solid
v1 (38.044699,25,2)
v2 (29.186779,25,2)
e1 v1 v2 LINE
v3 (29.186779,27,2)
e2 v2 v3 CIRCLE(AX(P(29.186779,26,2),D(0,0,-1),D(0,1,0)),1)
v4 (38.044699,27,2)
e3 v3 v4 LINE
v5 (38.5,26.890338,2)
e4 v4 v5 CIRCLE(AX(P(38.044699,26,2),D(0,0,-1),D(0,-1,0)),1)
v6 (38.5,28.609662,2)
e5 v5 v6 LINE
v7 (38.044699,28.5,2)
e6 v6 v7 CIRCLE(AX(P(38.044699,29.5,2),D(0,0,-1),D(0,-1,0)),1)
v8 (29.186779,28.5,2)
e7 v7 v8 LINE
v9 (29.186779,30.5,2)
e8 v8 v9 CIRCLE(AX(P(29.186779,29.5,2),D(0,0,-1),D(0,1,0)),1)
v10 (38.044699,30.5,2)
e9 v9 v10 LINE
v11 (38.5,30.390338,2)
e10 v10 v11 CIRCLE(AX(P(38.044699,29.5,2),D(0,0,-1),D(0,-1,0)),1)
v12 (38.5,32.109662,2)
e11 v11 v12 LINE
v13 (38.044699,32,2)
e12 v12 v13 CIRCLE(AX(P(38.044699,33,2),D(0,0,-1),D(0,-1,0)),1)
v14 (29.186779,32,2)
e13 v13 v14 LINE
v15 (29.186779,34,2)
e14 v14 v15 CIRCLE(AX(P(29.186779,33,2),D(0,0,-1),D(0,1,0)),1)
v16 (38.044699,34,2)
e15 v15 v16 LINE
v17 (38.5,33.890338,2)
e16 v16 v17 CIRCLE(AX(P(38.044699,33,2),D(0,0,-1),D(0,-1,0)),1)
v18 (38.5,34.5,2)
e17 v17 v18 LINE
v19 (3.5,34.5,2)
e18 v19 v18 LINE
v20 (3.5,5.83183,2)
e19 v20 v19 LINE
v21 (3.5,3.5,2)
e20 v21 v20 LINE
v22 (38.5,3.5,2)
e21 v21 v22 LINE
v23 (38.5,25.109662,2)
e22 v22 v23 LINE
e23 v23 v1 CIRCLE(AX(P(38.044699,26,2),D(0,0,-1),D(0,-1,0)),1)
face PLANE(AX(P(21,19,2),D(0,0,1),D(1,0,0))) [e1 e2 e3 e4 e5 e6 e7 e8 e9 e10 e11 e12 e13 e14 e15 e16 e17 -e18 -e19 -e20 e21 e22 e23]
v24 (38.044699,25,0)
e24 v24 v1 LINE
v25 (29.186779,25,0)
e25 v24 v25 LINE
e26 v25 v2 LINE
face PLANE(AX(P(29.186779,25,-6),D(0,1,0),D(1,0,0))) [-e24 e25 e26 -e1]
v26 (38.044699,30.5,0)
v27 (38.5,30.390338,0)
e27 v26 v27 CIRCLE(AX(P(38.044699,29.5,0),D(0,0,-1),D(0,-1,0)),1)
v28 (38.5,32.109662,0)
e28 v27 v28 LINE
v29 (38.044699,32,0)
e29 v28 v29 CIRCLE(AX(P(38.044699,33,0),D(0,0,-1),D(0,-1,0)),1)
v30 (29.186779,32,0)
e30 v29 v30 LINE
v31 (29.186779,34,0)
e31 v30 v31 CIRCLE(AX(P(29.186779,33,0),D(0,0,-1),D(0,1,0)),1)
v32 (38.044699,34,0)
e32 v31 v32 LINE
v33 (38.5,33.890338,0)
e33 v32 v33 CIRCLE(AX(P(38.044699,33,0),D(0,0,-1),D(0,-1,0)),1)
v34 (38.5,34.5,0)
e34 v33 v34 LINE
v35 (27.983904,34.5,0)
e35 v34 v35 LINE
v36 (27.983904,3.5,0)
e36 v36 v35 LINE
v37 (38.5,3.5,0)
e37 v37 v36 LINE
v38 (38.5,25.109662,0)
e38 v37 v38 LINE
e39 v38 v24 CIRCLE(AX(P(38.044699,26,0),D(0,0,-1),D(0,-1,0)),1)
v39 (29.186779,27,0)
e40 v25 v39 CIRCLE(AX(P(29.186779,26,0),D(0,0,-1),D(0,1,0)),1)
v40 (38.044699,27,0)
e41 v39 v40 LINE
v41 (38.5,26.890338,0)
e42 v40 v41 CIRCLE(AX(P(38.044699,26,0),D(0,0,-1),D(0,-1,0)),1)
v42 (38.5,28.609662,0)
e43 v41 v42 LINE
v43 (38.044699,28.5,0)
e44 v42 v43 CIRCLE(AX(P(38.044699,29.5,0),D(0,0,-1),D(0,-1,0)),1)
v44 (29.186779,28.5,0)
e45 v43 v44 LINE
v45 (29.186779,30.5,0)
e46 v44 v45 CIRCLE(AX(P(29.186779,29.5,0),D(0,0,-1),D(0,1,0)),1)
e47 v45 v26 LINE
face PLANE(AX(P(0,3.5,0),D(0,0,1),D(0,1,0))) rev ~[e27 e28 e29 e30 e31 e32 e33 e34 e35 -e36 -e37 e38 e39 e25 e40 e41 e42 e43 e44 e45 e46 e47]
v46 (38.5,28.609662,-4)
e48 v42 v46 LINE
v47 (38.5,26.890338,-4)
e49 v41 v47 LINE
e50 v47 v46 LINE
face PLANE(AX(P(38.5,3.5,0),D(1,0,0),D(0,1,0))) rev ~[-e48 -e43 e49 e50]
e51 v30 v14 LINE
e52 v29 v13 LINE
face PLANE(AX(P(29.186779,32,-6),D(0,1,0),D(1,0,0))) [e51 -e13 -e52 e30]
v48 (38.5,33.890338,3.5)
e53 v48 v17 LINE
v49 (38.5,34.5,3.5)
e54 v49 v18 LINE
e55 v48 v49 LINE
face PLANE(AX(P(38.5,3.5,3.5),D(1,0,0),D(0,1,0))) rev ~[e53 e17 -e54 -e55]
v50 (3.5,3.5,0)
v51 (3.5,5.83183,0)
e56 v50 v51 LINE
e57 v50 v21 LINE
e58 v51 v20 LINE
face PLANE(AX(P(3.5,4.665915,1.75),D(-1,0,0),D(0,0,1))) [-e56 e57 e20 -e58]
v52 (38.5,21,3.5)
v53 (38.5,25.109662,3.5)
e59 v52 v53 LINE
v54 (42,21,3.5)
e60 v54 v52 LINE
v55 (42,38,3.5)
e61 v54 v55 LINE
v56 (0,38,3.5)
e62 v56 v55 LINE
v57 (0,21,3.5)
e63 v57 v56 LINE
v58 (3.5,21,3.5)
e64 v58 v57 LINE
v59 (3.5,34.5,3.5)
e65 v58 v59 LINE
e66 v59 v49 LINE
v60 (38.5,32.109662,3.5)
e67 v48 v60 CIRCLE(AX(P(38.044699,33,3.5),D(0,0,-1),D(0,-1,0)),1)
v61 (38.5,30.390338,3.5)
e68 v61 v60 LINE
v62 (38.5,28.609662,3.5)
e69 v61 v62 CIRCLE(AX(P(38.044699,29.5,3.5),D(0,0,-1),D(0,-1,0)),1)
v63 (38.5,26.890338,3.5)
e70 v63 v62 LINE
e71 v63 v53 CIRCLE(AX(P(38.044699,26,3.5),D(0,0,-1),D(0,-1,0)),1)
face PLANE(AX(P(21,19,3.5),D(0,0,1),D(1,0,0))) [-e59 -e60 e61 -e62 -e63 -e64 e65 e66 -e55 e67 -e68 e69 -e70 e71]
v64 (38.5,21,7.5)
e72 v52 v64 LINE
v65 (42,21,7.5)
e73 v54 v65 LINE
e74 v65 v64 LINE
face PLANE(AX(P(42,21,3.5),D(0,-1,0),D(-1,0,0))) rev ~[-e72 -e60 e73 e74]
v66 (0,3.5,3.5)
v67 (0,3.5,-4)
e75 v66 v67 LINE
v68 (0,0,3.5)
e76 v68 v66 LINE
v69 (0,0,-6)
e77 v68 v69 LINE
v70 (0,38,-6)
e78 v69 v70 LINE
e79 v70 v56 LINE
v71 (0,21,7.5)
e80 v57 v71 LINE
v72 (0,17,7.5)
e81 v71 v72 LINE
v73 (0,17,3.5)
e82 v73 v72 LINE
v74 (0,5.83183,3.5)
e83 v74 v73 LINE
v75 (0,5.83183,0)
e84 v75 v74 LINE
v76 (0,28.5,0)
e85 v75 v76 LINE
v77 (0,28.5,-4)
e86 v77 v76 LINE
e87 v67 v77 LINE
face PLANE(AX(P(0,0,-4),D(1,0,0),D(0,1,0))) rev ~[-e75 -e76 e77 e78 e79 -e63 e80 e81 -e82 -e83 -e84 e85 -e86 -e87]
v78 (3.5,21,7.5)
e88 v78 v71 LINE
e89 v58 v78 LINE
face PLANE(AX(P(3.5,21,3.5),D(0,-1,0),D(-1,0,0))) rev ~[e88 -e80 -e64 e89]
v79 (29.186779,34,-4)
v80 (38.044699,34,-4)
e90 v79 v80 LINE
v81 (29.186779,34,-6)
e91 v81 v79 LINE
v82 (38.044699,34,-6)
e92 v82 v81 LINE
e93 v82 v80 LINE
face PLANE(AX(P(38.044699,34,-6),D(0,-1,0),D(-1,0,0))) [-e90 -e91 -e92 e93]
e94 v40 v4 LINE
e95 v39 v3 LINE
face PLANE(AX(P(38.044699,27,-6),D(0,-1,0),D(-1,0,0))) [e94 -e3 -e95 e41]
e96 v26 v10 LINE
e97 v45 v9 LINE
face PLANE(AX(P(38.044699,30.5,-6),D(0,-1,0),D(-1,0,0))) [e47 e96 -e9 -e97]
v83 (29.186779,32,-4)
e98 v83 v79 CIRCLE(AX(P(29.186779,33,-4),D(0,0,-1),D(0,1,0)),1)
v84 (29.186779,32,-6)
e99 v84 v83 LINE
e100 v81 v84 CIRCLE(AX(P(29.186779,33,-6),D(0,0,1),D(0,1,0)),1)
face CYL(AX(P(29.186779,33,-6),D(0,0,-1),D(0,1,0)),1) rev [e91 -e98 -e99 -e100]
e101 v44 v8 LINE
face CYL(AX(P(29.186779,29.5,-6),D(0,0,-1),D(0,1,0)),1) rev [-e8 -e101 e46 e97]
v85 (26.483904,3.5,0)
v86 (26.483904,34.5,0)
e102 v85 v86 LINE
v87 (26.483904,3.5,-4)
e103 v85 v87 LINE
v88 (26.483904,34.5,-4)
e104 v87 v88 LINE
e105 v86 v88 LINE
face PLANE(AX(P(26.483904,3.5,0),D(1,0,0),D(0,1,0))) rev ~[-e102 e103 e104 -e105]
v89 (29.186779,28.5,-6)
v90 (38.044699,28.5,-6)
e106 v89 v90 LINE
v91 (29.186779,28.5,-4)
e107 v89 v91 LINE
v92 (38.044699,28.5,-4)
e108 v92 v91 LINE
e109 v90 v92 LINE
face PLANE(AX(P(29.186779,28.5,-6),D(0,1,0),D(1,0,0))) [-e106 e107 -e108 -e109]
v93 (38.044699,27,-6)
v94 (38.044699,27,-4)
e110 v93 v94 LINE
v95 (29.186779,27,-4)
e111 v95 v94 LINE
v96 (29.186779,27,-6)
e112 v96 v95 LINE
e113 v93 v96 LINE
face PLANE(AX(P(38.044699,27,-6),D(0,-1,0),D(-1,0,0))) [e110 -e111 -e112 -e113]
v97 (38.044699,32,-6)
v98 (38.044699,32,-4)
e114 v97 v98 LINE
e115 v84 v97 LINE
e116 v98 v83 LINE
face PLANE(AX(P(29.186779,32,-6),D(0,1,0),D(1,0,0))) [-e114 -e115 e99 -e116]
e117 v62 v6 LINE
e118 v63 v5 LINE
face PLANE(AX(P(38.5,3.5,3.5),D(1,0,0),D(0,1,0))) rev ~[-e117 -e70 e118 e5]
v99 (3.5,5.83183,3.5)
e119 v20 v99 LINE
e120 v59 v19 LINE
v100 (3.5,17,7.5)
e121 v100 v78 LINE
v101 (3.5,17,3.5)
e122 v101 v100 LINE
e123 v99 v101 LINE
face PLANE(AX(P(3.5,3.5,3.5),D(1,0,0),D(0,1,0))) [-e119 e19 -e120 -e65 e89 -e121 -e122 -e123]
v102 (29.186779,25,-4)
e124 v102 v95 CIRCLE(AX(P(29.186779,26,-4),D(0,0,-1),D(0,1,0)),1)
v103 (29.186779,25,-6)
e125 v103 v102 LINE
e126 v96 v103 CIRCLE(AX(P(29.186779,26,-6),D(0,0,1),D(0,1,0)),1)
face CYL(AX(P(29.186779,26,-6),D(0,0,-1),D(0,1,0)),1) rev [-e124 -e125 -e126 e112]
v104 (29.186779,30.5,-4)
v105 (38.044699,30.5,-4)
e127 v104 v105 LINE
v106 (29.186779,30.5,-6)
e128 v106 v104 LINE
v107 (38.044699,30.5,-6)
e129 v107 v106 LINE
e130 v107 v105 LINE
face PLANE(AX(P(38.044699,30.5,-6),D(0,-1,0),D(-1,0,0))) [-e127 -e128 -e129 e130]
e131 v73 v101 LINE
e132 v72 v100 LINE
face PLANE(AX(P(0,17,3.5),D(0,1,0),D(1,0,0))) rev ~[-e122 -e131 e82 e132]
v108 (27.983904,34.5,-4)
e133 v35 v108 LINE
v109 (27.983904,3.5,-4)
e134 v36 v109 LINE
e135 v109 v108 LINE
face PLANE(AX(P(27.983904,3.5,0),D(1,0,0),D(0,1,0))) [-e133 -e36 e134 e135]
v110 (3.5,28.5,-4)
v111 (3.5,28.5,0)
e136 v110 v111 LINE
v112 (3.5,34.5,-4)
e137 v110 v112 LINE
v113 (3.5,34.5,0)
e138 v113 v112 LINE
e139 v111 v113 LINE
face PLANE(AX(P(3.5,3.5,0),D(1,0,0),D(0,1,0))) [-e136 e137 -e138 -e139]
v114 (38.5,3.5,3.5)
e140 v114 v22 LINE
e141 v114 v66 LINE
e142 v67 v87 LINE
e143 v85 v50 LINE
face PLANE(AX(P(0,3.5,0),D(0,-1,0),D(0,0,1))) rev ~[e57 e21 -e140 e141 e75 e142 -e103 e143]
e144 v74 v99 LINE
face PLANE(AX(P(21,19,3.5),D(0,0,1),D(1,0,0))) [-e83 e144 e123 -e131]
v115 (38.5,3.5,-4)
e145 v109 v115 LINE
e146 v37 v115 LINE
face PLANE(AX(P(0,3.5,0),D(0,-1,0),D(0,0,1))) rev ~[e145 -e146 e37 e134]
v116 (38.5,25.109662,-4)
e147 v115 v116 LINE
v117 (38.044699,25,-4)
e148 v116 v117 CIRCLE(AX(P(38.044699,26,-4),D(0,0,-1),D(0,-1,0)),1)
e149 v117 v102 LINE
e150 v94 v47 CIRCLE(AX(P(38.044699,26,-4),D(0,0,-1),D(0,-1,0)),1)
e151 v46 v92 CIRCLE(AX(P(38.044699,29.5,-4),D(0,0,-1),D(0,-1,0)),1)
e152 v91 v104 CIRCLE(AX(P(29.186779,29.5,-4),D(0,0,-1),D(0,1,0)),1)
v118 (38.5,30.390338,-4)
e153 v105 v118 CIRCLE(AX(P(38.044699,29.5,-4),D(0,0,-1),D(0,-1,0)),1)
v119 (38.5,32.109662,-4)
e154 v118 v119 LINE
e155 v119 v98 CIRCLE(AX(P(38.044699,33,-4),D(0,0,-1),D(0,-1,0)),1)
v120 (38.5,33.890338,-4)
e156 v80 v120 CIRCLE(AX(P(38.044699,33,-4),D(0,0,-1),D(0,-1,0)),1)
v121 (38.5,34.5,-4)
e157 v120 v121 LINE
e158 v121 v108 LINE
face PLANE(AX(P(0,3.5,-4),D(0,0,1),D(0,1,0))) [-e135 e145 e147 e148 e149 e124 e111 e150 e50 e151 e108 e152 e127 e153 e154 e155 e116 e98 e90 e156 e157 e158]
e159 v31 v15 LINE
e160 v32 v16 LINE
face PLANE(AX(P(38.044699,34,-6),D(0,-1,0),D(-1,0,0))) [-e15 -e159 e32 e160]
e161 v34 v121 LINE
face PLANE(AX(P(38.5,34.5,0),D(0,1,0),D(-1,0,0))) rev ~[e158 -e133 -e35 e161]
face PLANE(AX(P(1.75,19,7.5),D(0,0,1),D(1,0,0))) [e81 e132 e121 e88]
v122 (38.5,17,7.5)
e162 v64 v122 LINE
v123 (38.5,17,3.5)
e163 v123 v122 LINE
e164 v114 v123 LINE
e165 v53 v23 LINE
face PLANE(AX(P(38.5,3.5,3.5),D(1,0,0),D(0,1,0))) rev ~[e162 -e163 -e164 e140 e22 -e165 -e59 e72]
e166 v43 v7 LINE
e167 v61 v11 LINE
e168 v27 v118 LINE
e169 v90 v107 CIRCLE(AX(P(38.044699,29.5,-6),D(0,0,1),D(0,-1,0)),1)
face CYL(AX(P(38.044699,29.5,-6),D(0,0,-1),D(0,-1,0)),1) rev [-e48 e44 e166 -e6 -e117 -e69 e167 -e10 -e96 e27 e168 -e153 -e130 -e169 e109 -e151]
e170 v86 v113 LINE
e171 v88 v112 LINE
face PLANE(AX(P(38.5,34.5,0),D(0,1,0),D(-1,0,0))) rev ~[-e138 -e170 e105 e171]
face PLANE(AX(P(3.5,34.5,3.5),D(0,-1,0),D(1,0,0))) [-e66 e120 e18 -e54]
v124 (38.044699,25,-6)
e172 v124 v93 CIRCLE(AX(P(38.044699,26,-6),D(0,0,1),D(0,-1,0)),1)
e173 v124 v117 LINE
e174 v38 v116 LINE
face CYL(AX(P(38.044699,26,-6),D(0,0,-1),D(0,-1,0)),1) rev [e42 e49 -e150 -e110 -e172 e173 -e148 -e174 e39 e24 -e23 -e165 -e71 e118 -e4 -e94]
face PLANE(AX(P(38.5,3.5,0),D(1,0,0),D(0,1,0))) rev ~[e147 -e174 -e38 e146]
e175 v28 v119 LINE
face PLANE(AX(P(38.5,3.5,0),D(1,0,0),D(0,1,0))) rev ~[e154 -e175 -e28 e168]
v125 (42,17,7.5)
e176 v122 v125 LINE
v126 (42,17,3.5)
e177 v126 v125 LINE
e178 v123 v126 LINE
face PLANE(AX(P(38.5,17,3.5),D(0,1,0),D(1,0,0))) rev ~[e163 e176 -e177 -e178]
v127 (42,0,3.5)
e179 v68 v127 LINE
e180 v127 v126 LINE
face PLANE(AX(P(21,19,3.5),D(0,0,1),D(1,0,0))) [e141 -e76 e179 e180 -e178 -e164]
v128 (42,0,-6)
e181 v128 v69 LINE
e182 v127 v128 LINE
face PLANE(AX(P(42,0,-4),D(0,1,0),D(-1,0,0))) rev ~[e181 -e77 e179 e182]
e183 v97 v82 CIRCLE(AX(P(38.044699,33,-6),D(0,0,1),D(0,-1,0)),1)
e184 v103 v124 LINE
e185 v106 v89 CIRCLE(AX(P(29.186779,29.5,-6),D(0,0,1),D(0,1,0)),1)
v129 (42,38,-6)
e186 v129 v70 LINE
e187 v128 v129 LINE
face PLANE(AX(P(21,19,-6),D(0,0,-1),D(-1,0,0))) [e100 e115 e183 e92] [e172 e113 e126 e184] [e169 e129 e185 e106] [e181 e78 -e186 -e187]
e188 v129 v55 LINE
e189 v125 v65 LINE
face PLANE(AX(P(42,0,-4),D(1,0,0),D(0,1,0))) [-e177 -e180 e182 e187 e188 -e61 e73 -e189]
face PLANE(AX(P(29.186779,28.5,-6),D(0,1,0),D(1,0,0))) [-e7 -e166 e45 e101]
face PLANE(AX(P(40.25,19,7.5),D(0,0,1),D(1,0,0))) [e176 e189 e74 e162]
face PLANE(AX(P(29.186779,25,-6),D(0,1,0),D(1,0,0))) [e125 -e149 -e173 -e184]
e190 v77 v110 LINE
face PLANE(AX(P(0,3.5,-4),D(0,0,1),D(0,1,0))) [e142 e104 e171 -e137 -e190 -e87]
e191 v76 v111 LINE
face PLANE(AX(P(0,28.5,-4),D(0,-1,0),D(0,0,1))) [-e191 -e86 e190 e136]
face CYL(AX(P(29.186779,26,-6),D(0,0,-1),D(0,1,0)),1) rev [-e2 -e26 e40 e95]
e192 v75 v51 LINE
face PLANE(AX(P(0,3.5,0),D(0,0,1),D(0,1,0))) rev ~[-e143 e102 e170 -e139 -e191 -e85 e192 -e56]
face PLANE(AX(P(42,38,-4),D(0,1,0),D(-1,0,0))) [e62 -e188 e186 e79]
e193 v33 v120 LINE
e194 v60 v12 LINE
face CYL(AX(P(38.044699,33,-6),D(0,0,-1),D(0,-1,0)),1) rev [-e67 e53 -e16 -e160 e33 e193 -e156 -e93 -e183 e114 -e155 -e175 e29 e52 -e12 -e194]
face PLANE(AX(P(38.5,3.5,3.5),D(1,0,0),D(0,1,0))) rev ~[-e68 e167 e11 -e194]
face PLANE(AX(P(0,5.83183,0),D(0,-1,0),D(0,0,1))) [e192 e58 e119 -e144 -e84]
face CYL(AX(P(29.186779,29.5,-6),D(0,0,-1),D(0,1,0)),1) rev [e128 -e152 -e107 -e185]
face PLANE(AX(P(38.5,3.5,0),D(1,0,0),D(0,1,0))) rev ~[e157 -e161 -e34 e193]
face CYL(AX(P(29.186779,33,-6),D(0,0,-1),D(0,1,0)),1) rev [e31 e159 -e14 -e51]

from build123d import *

# Parameters (mm, degrees)
SKETCH_1_W          = 42
SKETCH_1_H          = 38
EXTRUDE_1_DEPTH     = 3.5
EXTRUDE_2_DEPTH     = 4
SKETCH_3_W          = 35
SKETCH_3_H          = 31
CUT_EXTRUDE_1_DEPTH = 1.5
SKETCH_4_W          = 42
SKETCH_4_H          = 38
SKETCH_4_W_2        = 35
SKETCH_4_H_2        = 31
EXTRUDE_3_DEPTH     = 4
SKETCH_6_W          = 42
SKETCH_6_H          = 38
EXTRUDE_4_DEPTH     = 2
SKETCH_7_W          = 4
SKETCH_7_H          = 25
CUT_EXTRUDE_2_DEPTH = 3.5
SKETCH_8_W          = 3.5
SKETCH_8_H          = 2.331830178
CUT_EXTRUDE_3_DEPTH = 3.5
CUT_EXTRUDE_4_DEPTH = 10
SKETCH_10_W         = 1.5
SKETCH_10_H         = 31
EXTRUDE_5_DEPTH     = 5


with BuildPart() as part:
    # 草图1 → 凸台-拉伸1 (new body)
    with BuildSketch(Plane.XY):
        with Locations((21, 19)):
            Rectangle(SKETCH_1_W, SKETCH_1_H)
    extrude(amount=EXTRUDE_1_DEPTH)

    # 草图2 → 凸台-拉伸2 (add)
    with BuildSketch(Plane.XY.offset(3.5)):
        Polygon((0, 21), (0, 19), (0, 17), (3.5, 17), (3.5, 21), align=None)
        Polygon((42, 17), (42, 19), (42, 21), (38.5, 21), (38.5, 17), align=None)
    extrude(amount=EXTRUDE_2_DEPTH)

    # 草图3 → 切除-拉伸1 (cut)
    with BuildSketch(Plane.XY.offset(3.5)):
        with Locations((21, 19)):
            Rectangle(SKETCH_3_W, SKETCH_3_H)
    extrude(amount=-CUT_EXTRUDE_1_DEPTH, mode=Mode.SUBTRACT)

    # 草图4 → 凸台-拉伸3 (add)
    with BuildSketch(Plane(origin=(0, 0, 0), x_dir=(-1, 0, 0), z_dir=(0, 0, -1))):
        with Locations((-21, 19)):
            Rectangle(SKETCH_4_W, SKETCH_4_H)
        with Locations((-21, 19)):
            Rectangle(SKETCH_4_W_2, SKETCH_4_H_2, mode=Mode.SUBTRACT)
    extrude(amount=EXTRUDE_3_DEPTH)

    # 草图6 → 凸台-拉伸4 (add)
    with BuildSketch(Plane(origin=(0, 0, -4), x_dir=(-1, 0, 0), z_dir=(0, 0, -1))):
        with Locations((-21, 19)):
            Rectangle(SKETCH_6_W, SKETCH_6_H)
    extrude(amount=EXTRUDE_4_DEPTH)

    # 草图7 → 切除-拉伸2 (cut)
    with BuildSketch(Plane.ZY):
        with Locations((-2, 16)):
            Rectangle(SKETCH_7_W, SKETCH_7_H)
    extrude(amount=-CUT_EXTRUDE_2_DEPTH, mode=Mode.SUBTRACT)

    # 草图8 → 切除-拉伸3 (cut)
    with BuildSketch(Plane.ZY):
        with Locations((1.75, 4.665915089)):
            Rectangle(SKETCH_8_W, SKETCH_8_H)
    extrude(amount=-CUT_EXTRUDE_3_DEPTH, mode=Mode.SUBTRACT)

    # 草图9 → 切除-拉伸4 (cut)
    with BuildSketch(Plane(origin=(0, 0, -6), x_dir=(-1, 0, 0), z_dir=(0, 0, -1))):
        with BuildLine():
            Line((-38.044699478, 27), (-29.186779496, 27))
            ThreePointArc((-29.186779496, 27), (-28.186779496, 26), (-29.186779496, 25))
            Line((-29.186779496, 25), (-38.044699478, 25))
            ThreePointArc((-38.044699478, 25), (-39.044699478, 26), (-38.044699478, 27))
        make_face()
        with BuildLine():
            Line((-38.044699478, 30.5), (-29.186779496, 30.5))
            ThreePointArc((-29.186779496, 30.5), (-28.186779496, 29.5), (-29.186779496, 28.5))
            Line((-29.186779496, 28.5), (-38.044699478, 28.5))
            ThreePointArc((-38.044699478, 28.5), (-39.044699478, 29.5), (-38.044699478, 30.5))
        make_face()
        with BuildLine():
            Line((-38.044699478, 34), (-29.186779496, 34))
            ThreePointArc((-29.186779496, 34), (-28.186779496, 33), (-29.186779496, 32))
            Line((-29.186779496, 32), (-38.044699478, 32))
            ThreePointArc((-38.044699478, 32), (-39.044699478, 33), (-38.044699478, 34))
        make_face()
    extrude(amount=-CUT_EXTRUDE_4_DEPTH, mode=Mode.SUBTRACT)

    # 草图10 → 凸台-拉伸5 (add)
    with BuildSketch(Plane(origin=(0, 0, 0), x_dir=(-1, 0, 0), z_dir=(0, 0, -1))):
        with Locations((-27.23390418, 19)):
            Rectangle(SKETCH_10_W, SKETCH_10_H)
    extrude(amount=EXTRUDE_5_DEPTH)


solid = part.part
